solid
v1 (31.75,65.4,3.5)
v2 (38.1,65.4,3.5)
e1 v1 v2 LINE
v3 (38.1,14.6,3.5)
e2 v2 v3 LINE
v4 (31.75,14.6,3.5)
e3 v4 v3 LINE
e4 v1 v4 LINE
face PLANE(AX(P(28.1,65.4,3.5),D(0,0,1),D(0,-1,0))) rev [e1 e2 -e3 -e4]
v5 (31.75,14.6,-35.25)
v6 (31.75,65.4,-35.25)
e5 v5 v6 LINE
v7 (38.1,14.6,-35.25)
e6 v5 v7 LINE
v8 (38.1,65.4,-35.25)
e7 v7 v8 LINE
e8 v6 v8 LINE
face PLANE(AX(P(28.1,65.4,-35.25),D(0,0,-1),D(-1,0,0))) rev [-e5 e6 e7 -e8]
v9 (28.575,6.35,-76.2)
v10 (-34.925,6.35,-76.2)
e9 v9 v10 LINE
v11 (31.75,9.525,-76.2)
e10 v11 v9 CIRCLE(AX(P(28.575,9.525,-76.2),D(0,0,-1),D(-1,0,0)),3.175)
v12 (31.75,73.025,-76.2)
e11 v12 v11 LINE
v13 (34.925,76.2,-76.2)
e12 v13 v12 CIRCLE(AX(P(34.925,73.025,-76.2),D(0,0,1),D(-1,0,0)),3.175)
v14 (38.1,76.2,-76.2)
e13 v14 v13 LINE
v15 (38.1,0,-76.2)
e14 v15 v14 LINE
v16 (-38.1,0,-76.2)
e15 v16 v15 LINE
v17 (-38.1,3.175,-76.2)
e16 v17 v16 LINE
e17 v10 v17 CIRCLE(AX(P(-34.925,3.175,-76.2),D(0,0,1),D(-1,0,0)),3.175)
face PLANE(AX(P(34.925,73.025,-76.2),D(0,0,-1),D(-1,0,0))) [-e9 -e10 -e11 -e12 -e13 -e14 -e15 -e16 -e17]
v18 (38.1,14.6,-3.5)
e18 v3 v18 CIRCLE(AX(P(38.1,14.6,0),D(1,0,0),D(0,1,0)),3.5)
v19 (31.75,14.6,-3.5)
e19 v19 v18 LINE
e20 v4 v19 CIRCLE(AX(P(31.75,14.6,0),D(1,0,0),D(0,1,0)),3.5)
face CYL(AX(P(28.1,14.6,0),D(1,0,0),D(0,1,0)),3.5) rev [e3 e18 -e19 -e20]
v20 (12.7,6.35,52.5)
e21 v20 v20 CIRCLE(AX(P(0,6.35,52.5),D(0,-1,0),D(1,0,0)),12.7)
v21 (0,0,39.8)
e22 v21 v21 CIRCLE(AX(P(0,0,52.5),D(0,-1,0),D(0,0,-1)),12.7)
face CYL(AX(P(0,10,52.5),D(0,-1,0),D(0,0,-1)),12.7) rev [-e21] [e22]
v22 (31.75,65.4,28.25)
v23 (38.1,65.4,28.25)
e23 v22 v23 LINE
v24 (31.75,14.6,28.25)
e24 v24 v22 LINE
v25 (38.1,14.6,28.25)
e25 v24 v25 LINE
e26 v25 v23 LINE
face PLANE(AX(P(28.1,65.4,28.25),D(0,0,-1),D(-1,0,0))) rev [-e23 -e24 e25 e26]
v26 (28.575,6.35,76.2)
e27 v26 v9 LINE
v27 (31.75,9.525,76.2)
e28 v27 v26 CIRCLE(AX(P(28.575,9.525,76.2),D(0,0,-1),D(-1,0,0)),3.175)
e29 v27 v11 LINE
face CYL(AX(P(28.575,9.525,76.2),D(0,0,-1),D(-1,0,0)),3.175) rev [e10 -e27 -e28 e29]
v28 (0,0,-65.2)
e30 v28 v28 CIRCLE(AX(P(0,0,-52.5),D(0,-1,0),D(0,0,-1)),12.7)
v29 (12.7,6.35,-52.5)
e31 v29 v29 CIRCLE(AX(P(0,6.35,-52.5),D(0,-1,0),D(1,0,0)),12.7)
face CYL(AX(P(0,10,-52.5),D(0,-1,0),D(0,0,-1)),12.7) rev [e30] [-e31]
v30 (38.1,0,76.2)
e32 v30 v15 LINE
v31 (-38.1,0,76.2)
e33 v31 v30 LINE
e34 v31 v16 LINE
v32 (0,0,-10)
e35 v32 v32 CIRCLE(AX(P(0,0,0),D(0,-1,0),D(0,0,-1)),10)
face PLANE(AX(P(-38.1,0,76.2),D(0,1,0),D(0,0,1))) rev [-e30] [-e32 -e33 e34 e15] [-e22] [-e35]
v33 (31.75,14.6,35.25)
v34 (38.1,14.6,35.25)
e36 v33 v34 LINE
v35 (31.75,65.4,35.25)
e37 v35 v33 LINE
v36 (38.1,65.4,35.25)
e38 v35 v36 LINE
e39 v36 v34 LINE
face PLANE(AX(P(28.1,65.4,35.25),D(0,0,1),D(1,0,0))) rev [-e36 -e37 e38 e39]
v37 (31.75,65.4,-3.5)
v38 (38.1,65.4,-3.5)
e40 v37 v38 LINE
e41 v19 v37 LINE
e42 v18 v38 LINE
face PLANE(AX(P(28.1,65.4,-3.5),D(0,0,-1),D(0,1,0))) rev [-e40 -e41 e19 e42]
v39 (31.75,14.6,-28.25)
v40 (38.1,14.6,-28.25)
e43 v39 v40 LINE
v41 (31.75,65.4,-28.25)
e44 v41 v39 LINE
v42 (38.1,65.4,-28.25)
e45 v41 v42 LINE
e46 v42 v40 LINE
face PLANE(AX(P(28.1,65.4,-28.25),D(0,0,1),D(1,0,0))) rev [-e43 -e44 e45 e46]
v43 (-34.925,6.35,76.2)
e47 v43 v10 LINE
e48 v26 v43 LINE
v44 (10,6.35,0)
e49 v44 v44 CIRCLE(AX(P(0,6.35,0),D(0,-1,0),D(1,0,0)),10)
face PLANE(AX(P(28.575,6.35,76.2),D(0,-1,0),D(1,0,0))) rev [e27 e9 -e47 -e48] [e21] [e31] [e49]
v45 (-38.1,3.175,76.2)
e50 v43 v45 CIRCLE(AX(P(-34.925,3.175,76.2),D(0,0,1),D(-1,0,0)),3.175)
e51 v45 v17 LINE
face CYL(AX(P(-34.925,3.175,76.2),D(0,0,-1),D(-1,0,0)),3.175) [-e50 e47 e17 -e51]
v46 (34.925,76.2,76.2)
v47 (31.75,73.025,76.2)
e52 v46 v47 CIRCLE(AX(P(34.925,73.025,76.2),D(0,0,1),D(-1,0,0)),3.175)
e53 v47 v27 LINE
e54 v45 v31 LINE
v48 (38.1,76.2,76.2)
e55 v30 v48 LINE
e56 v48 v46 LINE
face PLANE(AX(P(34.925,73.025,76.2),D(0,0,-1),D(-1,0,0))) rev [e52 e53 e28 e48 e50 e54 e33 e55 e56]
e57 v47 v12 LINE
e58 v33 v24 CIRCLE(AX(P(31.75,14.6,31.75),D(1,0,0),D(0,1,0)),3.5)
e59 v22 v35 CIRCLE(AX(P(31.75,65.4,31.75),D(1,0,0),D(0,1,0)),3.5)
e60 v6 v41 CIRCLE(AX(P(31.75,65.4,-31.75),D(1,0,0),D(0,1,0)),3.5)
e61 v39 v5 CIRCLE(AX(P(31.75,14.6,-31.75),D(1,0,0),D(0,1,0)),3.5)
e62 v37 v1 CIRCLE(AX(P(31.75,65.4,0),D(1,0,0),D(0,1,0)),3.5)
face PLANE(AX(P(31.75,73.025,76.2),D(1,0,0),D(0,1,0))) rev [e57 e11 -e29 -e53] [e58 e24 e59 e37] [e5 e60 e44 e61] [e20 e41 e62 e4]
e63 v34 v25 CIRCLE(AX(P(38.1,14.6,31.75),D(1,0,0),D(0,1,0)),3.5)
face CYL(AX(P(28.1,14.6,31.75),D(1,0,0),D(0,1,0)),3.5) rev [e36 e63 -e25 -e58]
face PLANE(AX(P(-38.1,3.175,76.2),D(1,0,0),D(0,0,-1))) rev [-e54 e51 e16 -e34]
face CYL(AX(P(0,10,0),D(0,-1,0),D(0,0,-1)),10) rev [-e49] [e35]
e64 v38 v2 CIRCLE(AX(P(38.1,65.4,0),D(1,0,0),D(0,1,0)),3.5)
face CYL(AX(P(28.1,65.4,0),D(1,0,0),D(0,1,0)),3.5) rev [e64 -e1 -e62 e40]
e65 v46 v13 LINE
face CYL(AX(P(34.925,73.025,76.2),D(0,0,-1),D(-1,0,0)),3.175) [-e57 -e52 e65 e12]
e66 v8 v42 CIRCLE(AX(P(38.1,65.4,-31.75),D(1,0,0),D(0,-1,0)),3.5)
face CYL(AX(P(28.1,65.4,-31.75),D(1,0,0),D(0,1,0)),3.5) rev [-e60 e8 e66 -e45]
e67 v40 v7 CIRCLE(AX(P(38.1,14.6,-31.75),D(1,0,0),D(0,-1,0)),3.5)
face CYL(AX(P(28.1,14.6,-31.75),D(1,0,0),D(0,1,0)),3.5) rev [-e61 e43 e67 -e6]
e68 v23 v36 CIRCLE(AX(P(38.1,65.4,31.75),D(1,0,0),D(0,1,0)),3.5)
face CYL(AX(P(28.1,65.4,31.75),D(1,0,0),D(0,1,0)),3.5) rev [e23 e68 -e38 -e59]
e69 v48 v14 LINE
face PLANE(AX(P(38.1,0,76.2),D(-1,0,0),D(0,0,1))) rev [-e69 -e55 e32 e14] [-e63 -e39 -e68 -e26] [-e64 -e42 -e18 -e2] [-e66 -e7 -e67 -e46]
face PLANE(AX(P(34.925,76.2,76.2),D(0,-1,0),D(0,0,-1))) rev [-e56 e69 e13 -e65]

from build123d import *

# Parameters (mm, degrees)
BOSS_EXTRUDE1_DEPTH = 76.2
CUT_EXTRUDE1_DEPTH  = 10
SKETCH4_R           = 10
SKETCH4_R_2         = 12.7
CUT_EXTRUDE2_DEPTH  = 10


with BuildPart() as part:
    # Sketch2 → Boss-Extrude1 (new body, symmetric)
    with BuildSketch(Plane.XY):
        with BuildLine():
            Line((-38.1, 0), (38.1, 0))
            Line((38.1, 0), (38.1, 76.2))
            Line((38.1, 76.2), (34.925, 76.2))
            ThreePointArc((34.925, 76.2), (32.67993597, 75.27006403), (31.75, 73.025))
            Line((31.75, 73.025), (31.75, 9.525))
            ThreePointArc((31.75, 9.525), (30.82006403, 7.27993597), (28.575, 6.35))
            Line((28.575, 6.35), (-34.925, 6.35))
            ThreePointArc((-34.925, 6.35), (-37.17006403, 5.42006403), (-38.1, 3.175))
            Line((-38.1, 3.175), (-38.1, 0))
        make_face()
    extrude(amount=BOSS_EXTRUDE1_DEPTH, both=True)

    # Sketch3 → Cut-Extrude1 (cut)
    with BuildSketch(Plane(origin=(38.1, 0, 0), x_dir=(0, 0, -1), z_dir=(1, 0, 0))):
        with BuildLine():
            Line((-28.25, 65.4), (-28.25, 14.6))
            ThreePointArc((-28.25, 14.6), (-31.75, 11.1), (-35.25, 14.6))
            Line((-35.25, 14.6), (-35.25, 65.4))
            ThreePointArc((-35.25, 65.4), (-31.75, 68.9), (-28.25, 65.4))
        make_face()
        with BuildLine():
            Line((28.25, 65.4), (28.25, 14.6))
            ThreePointArc((28.25, 14.6), (31.75, 11.1), (35.25, 14.6))
            Line((35.25, 14.6), (35.25, 65.4))
            ThreePointArc((35.25, 65.4), (31.75, 68.9), (28.25, 65.4))
        make_face()
        with BuildLine():
            Line((3.5, 65.4), (3.5, 14.6))
            ThreePointArc((3.5, 14.6), (0, 11.1), (-3.5, 14.6))
            Line((-3.5, 14.6), (-3.5, 65.4))
            ThreePointArc((-3.5, 65.4), (0, 68.9), (3.5, 65.4))
        make_face()
    extrude(amount=-CUT_EXTRUDE1_DEPTH, mode=Mode.SUBTRACT)

    # Sketch4 → Cut-Extrude2 (cut)
    with BuildSketch(Plane.XZ):
        Circle(SKETCH4_R)
        with Locations((0, 52.5)):
            Circle(SKETCH4_R_2)
        with Locations((0, -52.5)):
            Circle(SKETCH4_R_2)
    extrude(amount=-CUT_EXTRUDE2_DEPTH, mode=Mode.SUBTRACT)


solid = part.part
